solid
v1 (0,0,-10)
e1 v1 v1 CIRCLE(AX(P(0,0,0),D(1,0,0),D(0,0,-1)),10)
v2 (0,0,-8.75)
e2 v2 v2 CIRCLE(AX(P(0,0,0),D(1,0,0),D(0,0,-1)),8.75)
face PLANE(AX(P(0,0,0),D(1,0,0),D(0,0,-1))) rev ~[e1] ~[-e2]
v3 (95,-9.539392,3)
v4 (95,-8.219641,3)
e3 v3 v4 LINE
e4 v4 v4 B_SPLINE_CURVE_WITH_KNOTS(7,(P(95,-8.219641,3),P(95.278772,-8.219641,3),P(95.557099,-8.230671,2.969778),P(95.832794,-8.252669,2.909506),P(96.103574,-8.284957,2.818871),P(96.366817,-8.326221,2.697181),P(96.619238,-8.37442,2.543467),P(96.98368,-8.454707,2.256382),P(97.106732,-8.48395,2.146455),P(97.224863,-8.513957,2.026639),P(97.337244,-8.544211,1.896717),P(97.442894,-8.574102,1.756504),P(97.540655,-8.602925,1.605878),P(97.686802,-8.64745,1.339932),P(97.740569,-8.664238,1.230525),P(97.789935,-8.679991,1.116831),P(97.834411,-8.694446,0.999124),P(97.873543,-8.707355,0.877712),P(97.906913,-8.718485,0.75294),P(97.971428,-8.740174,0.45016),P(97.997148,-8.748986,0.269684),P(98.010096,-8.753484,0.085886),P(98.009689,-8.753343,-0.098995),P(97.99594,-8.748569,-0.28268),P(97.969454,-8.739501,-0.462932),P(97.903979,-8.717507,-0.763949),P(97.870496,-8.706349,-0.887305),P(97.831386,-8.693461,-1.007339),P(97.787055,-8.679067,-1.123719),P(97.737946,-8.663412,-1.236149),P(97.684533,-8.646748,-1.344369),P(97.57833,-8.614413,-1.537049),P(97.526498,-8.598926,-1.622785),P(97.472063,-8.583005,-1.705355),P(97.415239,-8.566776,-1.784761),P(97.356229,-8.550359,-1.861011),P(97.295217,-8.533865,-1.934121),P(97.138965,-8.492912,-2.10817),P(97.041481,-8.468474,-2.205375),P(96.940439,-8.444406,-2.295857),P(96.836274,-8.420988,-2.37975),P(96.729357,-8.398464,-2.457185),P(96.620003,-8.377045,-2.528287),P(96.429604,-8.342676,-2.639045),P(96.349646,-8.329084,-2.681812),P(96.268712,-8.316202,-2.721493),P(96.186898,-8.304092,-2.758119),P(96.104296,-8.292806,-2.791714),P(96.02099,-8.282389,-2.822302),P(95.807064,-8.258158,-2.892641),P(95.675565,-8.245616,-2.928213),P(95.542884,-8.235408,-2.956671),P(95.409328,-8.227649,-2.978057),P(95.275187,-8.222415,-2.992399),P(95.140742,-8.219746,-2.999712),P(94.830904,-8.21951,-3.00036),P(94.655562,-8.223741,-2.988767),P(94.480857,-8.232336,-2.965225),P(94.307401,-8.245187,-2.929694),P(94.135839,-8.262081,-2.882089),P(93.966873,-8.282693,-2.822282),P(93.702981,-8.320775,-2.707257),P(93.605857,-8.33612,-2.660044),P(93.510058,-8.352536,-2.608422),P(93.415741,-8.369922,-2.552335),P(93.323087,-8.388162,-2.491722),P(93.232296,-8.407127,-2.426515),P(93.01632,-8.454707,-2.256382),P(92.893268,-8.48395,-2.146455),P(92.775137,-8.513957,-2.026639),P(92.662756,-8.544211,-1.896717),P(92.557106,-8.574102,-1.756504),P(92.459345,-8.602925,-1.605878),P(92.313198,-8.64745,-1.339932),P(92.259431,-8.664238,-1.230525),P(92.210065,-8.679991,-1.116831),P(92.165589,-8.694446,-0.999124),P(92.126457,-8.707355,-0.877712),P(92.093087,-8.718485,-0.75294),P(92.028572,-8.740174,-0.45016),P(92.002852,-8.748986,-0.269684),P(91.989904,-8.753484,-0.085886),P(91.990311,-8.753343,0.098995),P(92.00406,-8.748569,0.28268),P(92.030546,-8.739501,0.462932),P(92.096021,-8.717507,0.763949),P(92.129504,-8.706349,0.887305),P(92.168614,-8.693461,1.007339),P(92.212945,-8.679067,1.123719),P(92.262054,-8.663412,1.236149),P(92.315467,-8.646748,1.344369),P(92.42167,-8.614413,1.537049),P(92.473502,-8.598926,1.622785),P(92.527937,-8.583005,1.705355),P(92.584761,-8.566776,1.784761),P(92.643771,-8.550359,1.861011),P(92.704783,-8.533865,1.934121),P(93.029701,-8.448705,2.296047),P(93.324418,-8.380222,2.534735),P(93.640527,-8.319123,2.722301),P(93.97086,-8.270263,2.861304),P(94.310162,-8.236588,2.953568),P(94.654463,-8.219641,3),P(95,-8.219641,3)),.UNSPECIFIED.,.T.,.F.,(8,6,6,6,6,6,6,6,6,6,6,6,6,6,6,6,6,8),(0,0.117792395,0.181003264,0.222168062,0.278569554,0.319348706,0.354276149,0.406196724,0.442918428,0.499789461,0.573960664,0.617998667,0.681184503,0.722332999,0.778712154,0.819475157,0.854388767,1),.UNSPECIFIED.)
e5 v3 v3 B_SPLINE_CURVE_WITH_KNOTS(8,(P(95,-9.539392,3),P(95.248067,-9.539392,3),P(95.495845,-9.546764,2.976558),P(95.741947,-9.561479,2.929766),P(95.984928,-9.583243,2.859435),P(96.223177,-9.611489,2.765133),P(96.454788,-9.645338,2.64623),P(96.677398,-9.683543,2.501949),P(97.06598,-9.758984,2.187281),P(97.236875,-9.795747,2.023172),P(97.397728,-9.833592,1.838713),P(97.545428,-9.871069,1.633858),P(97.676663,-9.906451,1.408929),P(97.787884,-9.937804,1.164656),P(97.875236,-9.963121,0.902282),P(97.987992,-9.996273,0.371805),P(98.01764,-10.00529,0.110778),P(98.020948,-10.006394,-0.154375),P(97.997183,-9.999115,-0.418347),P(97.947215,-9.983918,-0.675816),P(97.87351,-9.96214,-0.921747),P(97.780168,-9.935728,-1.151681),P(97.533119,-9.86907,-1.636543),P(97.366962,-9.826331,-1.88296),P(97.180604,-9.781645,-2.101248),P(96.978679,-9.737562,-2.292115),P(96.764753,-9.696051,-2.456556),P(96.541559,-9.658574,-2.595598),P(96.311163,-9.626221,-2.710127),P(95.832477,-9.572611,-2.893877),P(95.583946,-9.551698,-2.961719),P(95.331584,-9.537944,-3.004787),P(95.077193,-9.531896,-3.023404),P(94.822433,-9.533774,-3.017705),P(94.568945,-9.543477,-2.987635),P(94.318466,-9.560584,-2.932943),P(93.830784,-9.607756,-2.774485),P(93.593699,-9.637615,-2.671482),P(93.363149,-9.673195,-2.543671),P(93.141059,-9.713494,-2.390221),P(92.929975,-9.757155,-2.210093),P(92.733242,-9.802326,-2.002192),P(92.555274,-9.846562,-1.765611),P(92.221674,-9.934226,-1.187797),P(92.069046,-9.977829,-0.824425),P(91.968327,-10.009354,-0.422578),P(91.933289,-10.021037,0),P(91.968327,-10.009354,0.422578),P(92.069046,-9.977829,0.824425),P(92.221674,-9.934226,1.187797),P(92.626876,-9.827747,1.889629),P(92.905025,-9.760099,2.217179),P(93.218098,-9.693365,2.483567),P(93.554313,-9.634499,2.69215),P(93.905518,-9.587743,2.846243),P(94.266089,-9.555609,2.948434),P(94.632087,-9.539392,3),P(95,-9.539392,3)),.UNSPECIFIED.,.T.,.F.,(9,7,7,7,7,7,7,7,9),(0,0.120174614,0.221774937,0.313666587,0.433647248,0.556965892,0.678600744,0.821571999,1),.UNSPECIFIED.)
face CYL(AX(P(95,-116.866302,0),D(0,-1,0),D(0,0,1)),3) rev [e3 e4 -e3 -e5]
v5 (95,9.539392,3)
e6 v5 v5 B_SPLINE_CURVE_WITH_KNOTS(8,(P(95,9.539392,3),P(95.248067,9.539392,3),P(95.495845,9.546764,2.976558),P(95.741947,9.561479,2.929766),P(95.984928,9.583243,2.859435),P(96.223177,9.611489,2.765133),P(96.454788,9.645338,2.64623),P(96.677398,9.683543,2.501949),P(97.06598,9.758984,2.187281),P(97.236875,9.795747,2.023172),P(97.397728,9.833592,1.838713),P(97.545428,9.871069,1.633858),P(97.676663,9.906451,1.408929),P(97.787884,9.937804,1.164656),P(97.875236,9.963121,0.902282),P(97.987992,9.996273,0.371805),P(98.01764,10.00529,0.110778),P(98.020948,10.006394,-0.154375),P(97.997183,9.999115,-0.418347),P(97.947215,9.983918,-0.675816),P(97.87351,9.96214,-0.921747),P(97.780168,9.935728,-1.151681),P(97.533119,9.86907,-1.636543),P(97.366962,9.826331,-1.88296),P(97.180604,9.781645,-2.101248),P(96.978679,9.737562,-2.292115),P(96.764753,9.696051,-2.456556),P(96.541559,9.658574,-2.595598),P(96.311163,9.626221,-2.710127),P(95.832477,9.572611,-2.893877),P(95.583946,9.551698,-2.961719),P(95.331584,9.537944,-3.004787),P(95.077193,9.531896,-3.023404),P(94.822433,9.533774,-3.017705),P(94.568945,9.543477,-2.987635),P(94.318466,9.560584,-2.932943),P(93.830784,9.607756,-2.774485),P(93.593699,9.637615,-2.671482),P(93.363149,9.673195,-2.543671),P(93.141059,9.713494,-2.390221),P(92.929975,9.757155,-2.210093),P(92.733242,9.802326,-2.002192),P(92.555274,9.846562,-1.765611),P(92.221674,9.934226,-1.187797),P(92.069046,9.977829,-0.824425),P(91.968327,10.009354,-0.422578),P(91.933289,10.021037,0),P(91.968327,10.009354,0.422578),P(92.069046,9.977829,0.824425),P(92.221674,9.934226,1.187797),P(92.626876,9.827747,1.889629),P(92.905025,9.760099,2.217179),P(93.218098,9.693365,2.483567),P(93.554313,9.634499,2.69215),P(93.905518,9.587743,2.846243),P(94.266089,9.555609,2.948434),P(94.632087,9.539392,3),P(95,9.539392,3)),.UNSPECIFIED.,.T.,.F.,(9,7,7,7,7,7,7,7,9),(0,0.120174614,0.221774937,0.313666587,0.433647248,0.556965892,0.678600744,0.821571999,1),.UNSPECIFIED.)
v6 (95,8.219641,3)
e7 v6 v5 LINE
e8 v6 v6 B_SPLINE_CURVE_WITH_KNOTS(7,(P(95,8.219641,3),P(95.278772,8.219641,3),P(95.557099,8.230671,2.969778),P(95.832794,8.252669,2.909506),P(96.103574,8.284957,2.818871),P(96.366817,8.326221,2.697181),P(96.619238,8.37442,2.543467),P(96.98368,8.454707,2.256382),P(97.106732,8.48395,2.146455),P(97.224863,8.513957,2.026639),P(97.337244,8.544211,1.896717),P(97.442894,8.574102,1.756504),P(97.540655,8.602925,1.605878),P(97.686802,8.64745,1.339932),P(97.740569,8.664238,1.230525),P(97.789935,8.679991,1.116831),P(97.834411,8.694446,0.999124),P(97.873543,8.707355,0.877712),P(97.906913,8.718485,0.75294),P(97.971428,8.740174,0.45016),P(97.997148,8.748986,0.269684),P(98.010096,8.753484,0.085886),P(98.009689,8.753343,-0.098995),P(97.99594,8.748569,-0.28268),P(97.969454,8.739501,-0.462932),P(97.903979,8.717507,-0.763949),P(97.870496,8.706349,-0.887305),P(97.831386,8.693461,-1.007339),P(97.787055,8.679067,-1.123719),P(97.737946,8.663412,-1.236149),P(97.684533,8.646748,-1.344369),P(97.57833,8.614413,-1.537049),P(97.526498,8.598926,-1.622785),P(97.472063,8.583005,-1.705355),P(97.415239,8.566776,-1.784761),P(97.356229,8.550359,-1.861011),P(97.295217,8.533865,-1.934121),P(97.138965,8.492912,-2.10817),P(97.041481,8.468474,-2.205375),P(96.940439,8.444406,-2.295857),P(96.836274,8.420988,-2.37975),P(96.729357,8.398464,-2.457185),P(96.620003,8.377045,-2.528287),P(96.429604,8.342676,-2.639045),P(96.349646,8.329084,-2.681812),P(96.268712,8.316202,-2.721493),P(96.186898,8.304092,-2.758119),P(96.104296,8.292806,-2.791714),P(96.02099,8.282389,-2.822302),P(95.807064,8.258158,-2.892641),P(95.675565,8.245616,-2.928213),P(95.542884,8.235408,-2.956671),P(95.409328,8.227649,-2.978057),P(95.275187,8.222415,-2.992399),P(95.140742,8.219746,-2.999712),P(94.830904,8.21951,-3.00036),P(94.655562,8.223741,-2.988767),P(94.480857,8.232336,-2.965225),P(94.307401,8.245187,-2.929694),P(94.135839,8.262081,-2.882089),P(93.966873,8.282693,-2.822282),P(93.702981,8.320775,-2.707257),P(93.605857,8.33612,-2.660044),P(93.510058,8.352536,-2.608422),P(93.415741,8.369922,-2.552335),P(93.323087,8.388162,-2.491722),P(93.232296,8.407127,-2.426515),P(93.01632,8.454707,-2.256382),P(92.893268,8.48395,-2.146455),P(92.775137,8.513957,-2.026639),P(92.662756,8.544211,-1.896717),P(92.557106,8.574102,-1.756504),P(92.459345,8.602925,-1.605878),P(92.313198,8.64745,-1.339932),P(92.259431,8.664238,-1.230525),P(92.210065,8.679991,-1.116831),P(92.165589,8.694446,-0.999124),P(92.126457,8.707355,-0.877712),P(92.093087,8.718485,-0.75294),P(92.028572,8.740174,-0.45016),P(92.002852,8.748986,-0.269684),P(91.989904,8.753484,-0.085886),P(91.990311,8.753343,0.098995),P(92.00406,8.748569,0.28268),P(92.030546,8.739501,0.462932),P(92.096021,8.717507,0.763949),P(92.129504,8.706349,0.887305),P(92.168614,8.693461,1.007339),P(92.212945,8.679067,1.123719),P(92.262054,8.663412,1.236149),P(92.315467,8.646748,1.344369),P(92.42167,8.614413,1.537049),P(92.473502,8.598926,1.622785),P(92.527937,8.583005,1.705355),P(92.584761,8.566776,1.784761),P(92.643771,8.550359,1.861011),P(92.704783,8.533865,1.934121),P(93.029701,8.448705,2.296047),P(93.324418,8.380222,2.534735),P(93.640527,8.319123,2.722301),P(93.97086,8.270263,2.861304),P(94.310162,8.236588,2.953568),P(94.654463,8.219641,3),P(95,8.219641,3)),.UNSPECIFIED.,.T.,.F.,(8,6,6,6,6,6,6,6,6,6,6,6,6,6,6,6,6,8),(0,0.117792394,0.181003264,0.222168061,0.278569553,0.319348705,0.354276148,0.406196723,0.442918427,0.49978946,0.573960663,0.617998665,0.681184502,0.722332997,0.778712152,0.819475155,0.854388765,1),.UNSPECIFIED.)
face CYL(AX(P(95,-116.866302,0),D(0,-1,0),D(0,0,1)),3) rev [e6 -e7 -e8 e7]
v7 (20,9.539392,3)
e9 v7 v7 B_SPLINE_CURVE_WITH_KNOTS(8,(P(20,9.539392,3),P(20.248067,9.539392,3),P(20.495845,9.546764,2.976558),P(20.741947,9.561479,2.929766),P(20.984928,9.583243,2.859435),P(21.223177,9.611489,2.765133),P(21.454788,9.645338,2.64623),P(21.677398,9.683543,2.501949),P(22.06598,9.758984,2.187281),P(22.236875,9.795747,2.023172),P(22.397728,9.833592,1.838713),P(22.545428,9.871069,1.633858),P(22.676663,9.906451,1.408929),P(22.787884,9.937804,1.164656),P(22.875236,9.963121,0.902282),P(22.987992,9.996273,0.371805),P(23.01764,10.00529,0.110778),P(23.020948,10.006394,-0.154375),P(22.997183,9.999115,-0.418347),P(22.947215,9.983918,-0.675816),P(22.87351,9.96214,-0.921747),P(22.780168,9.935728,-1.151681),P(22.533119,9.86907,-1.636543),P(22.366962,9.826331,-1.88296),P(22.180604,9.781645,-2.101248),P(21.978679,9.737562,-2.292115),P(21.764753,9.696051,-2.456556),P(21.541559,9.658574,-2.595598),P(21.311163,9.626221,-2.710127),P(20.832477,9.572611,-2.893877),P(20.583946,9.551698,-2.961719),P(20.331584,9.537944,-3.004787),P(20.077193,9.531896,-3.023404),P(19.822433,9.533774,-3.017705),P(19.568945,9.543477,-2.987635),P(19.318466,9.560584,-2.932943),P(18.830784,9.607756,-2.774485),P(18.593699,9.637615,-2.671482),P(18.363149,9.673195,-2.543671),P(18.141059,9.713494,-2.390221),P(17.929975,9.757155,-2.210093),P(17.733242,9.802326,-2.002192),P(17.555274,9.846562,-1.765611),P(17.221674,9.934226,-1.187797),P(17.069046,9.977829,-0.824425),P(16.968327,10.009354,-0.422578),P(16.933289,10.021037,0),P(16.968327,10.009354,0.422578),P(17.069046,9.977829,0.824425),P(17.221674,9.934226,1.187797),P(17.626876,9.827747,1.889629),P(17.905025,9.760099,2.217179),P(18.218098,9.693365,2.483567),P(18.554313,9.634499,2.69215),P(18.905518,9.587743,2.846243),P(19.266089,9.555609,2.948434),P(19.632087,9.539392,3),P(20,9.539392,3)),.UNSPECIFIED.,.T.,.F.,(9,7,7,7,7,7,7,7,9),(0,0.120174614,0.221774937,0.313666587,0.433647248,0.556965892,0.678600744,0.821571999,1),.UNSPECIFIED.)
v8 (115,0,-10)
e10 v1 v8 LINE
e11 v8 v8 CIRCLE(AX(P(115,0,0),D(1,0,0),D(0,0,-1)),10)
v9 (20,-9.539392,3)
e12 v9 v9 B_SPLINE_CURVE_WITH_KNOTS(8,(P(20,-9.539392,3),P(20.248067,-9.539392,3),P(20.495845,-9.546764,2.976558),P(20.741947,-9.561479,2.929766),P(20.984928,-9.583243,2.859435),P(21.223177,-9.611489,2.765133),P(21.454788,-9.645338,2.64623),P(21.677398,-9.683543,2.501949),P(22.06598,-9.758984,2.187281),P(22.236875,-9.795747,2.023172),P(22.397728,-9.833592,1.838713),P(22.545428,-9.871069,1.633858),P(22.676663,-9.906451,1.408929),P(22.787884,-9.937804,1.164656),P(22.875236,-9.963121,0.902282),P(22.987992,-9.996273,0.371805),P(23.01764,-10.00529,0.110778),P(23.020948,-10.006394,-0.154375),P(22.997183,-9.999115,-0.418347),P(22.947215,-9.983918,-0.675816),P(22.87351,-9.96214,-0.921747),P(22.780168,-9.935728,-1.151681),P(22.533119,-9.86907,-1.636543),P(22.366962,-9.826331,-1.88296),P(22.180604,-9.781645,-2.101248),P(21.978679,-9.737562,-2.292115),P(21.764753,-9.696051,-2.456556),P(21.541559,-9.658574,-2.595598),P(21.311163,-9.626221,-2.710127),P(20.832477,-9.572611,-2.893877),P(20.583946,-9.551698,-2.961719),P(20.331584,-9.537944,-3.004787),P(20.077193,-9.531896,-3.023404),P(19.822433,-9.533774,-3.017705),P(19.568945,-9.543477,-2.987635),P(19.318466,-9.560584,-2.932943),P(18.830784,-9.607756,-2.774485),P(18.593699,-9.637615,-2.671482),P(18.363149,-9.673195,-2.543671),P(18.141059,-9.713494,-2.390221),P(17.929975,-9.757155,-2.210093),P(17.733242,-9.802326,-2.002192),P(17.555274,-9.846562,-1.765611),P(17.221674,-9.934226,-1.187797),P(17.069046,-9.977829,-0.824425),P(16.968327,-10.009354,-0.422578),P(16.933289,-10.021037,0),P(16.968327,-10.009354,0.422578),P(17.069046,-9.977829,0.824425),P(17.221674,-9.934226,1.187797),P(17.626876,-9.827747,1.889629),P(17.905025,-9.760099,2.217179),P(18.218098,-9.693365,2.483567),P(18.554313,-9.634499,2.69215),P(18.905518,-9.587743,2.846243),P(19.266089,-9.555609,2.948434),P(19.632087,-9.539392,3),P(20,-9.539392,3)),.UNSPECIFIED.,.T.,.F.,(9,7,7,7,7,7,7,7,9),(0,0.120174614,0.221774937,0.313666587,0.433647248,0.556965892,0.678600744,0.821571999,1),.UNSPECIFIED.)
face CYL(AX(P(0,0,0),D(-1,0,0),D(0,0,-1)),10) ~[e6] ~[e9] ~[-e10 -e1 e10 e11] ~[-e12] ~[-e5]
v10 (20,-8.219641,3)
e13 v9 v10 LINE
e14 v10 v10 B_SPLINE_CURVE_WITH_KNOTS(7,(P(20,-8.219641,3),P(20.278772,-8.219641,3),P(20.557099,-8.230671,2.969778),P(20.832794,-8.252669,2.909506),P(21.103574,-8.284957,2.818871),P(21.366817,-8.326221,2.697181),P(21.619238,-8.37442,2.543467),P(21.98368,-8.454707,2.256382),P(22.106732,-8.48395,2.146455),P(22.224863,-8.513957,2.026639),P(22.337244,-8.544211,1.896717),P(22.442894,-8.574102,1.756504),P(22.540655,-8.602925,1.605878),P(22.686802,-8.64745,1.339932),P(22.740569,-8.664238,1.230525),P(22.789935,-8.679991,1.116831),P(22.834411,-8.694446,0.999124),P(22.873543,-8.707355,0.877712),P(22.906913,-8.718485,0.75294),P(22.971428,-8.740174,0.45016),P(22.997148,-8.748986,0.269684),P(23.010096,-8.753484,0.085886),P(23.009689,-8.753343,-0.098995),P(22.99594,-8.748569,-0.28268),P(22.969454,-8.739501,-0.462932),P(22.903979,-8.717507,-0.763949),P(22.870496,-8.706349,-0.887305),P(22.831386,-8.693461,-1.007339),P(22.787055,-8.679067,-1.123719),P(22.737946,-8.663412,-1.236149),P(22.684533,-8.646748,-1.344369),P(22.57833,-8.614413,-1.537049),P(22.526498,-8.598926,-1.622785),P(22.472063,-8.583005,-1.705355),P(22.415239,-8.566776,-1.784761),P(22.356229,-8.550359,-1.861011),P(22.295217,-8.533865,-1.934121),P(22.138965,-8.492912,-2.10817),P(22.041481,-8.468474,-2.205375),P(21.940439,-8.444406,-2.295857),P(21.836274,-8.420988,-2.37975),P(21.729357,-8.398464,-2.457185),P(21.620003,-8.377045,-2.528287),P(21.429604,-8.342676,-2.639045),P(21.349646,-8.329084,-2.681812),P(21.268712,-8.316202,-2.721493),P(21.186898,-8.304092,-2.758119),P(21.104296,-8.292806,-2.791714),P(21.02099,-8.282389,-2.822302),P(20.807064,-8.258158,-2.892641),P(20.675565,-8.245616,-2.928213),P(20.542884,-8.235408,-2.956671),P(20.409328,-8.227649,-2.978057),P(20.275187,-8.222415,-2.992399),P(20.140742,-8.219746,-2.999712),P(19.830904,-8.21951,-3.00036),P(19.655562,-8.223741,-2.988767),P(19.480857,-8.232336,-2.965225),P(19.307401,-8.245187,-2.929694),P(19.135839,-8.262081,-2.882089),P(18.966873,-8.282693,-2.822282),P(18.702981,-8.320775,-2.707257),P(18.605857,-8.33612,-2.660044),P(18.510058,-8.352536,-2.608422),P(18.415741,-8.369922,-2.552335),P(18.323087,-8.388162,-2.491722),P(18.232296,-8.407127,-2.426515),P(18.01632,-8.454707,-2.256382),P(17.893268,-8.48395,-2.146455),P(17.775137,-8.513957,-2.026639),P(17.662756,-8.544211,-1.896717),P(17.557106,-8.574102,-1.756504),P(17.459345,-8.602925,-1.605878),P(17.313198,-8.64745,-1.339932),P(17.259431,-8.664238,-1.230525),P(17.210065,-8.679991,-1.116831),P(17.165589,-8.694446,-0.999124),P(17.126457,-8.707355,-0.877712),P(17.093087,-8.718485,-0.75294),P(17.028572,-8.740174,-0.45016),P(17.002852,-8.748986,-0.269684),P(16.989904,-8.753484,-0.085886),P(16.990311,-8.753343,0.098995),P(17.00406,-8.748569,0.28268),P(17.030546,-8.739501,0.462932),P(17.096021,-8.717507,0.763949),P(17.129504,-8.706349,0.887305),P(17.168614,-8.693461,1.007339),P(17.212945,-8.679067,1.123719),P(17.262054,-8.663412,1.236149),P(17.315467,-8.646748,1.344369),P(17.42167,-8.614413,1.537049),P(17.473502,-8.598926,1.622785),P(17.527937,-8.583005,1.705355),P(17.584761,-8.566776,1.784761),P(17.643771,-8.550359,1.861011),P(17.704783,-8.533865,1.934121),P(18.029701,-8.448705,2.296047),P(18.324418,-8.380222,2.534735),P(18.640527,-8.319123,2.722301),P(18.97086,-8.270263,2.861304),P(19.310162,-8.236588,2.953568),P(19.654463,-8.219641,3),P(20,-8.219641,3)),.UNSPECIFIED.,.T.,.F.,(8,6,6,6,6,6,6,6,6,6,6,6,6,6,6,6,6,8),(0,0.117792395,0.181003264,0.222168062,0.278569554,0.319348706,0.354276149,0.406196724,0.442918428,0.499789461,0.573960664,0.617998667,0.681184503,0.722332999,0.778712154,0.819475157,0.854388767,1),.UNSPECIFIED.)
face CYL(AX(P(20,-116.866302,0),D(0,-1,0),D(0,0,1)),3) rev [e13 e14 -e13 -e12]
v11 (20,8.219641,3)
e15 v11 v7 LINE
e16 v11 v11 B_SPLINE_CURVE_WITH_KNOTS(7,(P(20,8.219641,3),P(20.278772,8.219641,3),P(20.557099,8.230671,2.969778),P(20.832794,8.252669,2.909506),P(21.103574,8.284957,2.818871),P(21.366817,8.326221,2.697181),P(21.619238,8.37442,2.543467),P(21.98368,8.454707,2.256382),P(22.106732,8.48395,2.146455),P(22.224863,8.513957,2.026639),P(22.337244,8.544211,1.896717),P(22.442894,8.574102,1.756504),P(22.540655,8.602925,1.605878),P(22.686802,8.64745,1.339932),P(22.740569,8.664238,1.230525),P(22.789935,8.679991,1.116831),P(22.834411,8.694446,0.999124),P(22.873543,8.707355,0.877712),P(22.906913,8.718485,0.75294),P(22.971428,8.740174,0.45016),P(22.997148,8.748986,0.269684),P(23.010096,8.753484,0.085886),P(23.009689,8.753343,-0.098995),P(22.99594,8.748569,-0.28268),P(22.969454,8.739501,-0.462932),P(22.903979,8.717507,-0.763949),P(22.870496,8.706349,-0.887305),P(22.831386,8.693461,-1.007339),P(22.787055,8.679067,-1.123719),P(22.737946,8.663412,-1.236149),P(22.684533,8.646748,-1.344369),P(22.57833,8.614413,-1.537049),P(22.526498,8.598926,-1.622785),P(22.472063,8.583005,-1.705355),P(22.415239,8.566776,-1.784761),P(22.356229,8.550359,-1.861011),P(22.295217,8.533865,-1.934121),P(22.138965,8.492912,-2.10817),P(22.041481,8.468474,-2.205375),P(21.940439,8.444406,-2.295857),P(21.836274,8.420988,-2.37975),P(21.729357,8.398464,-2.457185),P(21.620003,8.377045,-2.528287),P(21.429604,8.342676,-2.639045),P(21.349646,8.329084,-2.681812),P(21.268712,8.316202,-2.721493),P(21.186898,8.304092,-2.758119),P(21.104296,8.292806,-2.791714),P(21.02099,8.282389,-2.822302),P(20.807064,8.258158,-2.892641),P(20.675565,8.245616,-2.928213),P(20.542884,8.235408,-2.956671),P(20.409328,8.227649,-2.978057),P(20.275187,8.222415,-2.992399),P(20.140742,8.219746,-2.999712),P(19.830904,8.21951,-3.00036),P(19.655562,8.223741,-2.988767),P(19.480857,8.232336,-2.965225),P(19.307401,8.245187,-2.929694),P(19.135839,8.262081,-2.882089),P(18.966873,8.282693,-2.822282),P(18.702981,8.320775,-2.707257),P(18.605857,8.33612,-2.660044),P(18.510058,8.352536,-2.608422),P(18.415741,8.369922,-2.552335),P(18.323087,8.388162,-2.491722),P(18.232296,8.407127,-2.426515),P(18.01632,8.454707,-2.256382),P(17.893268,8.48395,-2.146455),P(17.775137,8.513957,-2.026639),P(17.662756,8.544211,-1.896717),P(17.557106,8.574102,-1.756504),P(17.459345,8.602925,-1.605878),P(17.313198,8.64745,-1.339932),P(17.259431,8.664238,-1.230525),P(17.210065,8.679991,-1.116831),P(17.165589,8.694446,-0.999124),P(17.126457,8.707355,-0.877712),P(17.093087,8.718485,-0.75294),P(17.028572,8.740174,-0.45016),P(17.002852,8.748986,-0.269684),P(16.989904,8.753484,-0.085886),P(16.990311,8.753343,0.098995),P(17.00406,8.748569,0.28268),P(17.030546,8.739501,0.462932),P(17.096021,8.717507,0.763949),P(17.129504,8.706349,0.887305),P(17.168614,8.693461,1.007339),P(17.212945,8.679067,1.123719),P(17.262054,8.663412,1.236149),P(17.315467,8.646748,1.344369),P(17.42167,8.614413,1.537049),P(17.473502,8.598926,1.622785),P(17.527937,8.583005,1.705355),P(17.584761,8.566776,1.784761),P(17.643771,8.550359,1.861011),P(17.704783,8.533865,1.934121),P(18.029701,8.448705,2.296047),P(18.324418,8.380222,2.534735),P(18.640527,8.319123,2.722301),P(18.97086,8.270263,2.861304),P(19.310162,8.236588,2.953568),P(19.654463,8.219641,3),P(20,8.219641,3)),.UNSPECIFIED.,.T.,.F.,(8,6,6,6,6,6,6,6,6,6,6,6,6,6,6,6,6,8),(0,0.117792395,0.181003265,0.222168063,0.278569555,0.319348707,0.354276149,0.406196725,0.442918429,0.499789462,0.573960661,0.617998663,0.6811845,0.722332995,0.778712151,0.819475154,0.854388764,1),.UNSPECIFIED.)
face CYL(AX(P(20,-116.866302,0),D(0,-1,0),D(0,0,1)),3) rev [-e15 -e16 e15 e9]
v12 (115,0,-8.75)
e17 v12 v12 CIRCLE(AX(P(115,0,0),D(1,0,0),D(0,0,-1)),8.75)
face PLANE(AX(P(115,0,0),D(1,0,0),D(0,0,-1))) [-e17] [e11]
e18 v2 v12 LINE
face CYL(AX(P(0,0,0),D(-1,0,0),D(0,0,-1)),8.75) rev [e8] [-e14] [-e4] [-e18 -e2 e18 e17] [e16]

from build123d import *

# Parameters (mm, degrees)
SKETCH_1_R               = 10
SKETCH_1_R_2             = 8.75
EXTRUDE_1_DEPTH          = 115
CUT_EXTRUDE_1_DEPTH      = 116.866302263
CUT_EXTRUDE_1_DEPTH_BACK = 116.866302263
SKETCH_2_R               = 3


with BuildPart() as part:
    # 草图1 → 凸台-拉伸1 (new body)
    with BuildSketch(Plane(origin=(0, 0, 0), x_dir=(0, 0, -1), z_dir=(1, 0, 0))):
        Circle(SKETCH_1_R)
        Circle(SKETCH_1_R_2, mode=Mode.SUBTRACT)
    extrude(amount=EXTRUDE_1_DEPTH)

    # 草图2 → 切除-拉伸1 (cut, two sides: drawn at the far end of the back side and taken through both)
    with BuildSketch(Plane(origin=(0, 0, 0), x_dir=(1, 0, 0), z_dir=(0, 1, 0)).offset(-CUT_EXTRUDE_1_DEPTH_BACK)):
        with Locations(Location((20, 0, 0), (0, 0, 270))):
            Circle(SKETCH_2_R)
        with Locations(Location((95, 0, 0), (0, 0, 270))):
            Circle(SKETCH_2_R)
    extrude(amount=CUT_EXTRUDE_1_DEPTH + CUT_EXTRUDE_1_DEPTH_BACK, mode=Mode.SUBTRACT)


solid = part.part
